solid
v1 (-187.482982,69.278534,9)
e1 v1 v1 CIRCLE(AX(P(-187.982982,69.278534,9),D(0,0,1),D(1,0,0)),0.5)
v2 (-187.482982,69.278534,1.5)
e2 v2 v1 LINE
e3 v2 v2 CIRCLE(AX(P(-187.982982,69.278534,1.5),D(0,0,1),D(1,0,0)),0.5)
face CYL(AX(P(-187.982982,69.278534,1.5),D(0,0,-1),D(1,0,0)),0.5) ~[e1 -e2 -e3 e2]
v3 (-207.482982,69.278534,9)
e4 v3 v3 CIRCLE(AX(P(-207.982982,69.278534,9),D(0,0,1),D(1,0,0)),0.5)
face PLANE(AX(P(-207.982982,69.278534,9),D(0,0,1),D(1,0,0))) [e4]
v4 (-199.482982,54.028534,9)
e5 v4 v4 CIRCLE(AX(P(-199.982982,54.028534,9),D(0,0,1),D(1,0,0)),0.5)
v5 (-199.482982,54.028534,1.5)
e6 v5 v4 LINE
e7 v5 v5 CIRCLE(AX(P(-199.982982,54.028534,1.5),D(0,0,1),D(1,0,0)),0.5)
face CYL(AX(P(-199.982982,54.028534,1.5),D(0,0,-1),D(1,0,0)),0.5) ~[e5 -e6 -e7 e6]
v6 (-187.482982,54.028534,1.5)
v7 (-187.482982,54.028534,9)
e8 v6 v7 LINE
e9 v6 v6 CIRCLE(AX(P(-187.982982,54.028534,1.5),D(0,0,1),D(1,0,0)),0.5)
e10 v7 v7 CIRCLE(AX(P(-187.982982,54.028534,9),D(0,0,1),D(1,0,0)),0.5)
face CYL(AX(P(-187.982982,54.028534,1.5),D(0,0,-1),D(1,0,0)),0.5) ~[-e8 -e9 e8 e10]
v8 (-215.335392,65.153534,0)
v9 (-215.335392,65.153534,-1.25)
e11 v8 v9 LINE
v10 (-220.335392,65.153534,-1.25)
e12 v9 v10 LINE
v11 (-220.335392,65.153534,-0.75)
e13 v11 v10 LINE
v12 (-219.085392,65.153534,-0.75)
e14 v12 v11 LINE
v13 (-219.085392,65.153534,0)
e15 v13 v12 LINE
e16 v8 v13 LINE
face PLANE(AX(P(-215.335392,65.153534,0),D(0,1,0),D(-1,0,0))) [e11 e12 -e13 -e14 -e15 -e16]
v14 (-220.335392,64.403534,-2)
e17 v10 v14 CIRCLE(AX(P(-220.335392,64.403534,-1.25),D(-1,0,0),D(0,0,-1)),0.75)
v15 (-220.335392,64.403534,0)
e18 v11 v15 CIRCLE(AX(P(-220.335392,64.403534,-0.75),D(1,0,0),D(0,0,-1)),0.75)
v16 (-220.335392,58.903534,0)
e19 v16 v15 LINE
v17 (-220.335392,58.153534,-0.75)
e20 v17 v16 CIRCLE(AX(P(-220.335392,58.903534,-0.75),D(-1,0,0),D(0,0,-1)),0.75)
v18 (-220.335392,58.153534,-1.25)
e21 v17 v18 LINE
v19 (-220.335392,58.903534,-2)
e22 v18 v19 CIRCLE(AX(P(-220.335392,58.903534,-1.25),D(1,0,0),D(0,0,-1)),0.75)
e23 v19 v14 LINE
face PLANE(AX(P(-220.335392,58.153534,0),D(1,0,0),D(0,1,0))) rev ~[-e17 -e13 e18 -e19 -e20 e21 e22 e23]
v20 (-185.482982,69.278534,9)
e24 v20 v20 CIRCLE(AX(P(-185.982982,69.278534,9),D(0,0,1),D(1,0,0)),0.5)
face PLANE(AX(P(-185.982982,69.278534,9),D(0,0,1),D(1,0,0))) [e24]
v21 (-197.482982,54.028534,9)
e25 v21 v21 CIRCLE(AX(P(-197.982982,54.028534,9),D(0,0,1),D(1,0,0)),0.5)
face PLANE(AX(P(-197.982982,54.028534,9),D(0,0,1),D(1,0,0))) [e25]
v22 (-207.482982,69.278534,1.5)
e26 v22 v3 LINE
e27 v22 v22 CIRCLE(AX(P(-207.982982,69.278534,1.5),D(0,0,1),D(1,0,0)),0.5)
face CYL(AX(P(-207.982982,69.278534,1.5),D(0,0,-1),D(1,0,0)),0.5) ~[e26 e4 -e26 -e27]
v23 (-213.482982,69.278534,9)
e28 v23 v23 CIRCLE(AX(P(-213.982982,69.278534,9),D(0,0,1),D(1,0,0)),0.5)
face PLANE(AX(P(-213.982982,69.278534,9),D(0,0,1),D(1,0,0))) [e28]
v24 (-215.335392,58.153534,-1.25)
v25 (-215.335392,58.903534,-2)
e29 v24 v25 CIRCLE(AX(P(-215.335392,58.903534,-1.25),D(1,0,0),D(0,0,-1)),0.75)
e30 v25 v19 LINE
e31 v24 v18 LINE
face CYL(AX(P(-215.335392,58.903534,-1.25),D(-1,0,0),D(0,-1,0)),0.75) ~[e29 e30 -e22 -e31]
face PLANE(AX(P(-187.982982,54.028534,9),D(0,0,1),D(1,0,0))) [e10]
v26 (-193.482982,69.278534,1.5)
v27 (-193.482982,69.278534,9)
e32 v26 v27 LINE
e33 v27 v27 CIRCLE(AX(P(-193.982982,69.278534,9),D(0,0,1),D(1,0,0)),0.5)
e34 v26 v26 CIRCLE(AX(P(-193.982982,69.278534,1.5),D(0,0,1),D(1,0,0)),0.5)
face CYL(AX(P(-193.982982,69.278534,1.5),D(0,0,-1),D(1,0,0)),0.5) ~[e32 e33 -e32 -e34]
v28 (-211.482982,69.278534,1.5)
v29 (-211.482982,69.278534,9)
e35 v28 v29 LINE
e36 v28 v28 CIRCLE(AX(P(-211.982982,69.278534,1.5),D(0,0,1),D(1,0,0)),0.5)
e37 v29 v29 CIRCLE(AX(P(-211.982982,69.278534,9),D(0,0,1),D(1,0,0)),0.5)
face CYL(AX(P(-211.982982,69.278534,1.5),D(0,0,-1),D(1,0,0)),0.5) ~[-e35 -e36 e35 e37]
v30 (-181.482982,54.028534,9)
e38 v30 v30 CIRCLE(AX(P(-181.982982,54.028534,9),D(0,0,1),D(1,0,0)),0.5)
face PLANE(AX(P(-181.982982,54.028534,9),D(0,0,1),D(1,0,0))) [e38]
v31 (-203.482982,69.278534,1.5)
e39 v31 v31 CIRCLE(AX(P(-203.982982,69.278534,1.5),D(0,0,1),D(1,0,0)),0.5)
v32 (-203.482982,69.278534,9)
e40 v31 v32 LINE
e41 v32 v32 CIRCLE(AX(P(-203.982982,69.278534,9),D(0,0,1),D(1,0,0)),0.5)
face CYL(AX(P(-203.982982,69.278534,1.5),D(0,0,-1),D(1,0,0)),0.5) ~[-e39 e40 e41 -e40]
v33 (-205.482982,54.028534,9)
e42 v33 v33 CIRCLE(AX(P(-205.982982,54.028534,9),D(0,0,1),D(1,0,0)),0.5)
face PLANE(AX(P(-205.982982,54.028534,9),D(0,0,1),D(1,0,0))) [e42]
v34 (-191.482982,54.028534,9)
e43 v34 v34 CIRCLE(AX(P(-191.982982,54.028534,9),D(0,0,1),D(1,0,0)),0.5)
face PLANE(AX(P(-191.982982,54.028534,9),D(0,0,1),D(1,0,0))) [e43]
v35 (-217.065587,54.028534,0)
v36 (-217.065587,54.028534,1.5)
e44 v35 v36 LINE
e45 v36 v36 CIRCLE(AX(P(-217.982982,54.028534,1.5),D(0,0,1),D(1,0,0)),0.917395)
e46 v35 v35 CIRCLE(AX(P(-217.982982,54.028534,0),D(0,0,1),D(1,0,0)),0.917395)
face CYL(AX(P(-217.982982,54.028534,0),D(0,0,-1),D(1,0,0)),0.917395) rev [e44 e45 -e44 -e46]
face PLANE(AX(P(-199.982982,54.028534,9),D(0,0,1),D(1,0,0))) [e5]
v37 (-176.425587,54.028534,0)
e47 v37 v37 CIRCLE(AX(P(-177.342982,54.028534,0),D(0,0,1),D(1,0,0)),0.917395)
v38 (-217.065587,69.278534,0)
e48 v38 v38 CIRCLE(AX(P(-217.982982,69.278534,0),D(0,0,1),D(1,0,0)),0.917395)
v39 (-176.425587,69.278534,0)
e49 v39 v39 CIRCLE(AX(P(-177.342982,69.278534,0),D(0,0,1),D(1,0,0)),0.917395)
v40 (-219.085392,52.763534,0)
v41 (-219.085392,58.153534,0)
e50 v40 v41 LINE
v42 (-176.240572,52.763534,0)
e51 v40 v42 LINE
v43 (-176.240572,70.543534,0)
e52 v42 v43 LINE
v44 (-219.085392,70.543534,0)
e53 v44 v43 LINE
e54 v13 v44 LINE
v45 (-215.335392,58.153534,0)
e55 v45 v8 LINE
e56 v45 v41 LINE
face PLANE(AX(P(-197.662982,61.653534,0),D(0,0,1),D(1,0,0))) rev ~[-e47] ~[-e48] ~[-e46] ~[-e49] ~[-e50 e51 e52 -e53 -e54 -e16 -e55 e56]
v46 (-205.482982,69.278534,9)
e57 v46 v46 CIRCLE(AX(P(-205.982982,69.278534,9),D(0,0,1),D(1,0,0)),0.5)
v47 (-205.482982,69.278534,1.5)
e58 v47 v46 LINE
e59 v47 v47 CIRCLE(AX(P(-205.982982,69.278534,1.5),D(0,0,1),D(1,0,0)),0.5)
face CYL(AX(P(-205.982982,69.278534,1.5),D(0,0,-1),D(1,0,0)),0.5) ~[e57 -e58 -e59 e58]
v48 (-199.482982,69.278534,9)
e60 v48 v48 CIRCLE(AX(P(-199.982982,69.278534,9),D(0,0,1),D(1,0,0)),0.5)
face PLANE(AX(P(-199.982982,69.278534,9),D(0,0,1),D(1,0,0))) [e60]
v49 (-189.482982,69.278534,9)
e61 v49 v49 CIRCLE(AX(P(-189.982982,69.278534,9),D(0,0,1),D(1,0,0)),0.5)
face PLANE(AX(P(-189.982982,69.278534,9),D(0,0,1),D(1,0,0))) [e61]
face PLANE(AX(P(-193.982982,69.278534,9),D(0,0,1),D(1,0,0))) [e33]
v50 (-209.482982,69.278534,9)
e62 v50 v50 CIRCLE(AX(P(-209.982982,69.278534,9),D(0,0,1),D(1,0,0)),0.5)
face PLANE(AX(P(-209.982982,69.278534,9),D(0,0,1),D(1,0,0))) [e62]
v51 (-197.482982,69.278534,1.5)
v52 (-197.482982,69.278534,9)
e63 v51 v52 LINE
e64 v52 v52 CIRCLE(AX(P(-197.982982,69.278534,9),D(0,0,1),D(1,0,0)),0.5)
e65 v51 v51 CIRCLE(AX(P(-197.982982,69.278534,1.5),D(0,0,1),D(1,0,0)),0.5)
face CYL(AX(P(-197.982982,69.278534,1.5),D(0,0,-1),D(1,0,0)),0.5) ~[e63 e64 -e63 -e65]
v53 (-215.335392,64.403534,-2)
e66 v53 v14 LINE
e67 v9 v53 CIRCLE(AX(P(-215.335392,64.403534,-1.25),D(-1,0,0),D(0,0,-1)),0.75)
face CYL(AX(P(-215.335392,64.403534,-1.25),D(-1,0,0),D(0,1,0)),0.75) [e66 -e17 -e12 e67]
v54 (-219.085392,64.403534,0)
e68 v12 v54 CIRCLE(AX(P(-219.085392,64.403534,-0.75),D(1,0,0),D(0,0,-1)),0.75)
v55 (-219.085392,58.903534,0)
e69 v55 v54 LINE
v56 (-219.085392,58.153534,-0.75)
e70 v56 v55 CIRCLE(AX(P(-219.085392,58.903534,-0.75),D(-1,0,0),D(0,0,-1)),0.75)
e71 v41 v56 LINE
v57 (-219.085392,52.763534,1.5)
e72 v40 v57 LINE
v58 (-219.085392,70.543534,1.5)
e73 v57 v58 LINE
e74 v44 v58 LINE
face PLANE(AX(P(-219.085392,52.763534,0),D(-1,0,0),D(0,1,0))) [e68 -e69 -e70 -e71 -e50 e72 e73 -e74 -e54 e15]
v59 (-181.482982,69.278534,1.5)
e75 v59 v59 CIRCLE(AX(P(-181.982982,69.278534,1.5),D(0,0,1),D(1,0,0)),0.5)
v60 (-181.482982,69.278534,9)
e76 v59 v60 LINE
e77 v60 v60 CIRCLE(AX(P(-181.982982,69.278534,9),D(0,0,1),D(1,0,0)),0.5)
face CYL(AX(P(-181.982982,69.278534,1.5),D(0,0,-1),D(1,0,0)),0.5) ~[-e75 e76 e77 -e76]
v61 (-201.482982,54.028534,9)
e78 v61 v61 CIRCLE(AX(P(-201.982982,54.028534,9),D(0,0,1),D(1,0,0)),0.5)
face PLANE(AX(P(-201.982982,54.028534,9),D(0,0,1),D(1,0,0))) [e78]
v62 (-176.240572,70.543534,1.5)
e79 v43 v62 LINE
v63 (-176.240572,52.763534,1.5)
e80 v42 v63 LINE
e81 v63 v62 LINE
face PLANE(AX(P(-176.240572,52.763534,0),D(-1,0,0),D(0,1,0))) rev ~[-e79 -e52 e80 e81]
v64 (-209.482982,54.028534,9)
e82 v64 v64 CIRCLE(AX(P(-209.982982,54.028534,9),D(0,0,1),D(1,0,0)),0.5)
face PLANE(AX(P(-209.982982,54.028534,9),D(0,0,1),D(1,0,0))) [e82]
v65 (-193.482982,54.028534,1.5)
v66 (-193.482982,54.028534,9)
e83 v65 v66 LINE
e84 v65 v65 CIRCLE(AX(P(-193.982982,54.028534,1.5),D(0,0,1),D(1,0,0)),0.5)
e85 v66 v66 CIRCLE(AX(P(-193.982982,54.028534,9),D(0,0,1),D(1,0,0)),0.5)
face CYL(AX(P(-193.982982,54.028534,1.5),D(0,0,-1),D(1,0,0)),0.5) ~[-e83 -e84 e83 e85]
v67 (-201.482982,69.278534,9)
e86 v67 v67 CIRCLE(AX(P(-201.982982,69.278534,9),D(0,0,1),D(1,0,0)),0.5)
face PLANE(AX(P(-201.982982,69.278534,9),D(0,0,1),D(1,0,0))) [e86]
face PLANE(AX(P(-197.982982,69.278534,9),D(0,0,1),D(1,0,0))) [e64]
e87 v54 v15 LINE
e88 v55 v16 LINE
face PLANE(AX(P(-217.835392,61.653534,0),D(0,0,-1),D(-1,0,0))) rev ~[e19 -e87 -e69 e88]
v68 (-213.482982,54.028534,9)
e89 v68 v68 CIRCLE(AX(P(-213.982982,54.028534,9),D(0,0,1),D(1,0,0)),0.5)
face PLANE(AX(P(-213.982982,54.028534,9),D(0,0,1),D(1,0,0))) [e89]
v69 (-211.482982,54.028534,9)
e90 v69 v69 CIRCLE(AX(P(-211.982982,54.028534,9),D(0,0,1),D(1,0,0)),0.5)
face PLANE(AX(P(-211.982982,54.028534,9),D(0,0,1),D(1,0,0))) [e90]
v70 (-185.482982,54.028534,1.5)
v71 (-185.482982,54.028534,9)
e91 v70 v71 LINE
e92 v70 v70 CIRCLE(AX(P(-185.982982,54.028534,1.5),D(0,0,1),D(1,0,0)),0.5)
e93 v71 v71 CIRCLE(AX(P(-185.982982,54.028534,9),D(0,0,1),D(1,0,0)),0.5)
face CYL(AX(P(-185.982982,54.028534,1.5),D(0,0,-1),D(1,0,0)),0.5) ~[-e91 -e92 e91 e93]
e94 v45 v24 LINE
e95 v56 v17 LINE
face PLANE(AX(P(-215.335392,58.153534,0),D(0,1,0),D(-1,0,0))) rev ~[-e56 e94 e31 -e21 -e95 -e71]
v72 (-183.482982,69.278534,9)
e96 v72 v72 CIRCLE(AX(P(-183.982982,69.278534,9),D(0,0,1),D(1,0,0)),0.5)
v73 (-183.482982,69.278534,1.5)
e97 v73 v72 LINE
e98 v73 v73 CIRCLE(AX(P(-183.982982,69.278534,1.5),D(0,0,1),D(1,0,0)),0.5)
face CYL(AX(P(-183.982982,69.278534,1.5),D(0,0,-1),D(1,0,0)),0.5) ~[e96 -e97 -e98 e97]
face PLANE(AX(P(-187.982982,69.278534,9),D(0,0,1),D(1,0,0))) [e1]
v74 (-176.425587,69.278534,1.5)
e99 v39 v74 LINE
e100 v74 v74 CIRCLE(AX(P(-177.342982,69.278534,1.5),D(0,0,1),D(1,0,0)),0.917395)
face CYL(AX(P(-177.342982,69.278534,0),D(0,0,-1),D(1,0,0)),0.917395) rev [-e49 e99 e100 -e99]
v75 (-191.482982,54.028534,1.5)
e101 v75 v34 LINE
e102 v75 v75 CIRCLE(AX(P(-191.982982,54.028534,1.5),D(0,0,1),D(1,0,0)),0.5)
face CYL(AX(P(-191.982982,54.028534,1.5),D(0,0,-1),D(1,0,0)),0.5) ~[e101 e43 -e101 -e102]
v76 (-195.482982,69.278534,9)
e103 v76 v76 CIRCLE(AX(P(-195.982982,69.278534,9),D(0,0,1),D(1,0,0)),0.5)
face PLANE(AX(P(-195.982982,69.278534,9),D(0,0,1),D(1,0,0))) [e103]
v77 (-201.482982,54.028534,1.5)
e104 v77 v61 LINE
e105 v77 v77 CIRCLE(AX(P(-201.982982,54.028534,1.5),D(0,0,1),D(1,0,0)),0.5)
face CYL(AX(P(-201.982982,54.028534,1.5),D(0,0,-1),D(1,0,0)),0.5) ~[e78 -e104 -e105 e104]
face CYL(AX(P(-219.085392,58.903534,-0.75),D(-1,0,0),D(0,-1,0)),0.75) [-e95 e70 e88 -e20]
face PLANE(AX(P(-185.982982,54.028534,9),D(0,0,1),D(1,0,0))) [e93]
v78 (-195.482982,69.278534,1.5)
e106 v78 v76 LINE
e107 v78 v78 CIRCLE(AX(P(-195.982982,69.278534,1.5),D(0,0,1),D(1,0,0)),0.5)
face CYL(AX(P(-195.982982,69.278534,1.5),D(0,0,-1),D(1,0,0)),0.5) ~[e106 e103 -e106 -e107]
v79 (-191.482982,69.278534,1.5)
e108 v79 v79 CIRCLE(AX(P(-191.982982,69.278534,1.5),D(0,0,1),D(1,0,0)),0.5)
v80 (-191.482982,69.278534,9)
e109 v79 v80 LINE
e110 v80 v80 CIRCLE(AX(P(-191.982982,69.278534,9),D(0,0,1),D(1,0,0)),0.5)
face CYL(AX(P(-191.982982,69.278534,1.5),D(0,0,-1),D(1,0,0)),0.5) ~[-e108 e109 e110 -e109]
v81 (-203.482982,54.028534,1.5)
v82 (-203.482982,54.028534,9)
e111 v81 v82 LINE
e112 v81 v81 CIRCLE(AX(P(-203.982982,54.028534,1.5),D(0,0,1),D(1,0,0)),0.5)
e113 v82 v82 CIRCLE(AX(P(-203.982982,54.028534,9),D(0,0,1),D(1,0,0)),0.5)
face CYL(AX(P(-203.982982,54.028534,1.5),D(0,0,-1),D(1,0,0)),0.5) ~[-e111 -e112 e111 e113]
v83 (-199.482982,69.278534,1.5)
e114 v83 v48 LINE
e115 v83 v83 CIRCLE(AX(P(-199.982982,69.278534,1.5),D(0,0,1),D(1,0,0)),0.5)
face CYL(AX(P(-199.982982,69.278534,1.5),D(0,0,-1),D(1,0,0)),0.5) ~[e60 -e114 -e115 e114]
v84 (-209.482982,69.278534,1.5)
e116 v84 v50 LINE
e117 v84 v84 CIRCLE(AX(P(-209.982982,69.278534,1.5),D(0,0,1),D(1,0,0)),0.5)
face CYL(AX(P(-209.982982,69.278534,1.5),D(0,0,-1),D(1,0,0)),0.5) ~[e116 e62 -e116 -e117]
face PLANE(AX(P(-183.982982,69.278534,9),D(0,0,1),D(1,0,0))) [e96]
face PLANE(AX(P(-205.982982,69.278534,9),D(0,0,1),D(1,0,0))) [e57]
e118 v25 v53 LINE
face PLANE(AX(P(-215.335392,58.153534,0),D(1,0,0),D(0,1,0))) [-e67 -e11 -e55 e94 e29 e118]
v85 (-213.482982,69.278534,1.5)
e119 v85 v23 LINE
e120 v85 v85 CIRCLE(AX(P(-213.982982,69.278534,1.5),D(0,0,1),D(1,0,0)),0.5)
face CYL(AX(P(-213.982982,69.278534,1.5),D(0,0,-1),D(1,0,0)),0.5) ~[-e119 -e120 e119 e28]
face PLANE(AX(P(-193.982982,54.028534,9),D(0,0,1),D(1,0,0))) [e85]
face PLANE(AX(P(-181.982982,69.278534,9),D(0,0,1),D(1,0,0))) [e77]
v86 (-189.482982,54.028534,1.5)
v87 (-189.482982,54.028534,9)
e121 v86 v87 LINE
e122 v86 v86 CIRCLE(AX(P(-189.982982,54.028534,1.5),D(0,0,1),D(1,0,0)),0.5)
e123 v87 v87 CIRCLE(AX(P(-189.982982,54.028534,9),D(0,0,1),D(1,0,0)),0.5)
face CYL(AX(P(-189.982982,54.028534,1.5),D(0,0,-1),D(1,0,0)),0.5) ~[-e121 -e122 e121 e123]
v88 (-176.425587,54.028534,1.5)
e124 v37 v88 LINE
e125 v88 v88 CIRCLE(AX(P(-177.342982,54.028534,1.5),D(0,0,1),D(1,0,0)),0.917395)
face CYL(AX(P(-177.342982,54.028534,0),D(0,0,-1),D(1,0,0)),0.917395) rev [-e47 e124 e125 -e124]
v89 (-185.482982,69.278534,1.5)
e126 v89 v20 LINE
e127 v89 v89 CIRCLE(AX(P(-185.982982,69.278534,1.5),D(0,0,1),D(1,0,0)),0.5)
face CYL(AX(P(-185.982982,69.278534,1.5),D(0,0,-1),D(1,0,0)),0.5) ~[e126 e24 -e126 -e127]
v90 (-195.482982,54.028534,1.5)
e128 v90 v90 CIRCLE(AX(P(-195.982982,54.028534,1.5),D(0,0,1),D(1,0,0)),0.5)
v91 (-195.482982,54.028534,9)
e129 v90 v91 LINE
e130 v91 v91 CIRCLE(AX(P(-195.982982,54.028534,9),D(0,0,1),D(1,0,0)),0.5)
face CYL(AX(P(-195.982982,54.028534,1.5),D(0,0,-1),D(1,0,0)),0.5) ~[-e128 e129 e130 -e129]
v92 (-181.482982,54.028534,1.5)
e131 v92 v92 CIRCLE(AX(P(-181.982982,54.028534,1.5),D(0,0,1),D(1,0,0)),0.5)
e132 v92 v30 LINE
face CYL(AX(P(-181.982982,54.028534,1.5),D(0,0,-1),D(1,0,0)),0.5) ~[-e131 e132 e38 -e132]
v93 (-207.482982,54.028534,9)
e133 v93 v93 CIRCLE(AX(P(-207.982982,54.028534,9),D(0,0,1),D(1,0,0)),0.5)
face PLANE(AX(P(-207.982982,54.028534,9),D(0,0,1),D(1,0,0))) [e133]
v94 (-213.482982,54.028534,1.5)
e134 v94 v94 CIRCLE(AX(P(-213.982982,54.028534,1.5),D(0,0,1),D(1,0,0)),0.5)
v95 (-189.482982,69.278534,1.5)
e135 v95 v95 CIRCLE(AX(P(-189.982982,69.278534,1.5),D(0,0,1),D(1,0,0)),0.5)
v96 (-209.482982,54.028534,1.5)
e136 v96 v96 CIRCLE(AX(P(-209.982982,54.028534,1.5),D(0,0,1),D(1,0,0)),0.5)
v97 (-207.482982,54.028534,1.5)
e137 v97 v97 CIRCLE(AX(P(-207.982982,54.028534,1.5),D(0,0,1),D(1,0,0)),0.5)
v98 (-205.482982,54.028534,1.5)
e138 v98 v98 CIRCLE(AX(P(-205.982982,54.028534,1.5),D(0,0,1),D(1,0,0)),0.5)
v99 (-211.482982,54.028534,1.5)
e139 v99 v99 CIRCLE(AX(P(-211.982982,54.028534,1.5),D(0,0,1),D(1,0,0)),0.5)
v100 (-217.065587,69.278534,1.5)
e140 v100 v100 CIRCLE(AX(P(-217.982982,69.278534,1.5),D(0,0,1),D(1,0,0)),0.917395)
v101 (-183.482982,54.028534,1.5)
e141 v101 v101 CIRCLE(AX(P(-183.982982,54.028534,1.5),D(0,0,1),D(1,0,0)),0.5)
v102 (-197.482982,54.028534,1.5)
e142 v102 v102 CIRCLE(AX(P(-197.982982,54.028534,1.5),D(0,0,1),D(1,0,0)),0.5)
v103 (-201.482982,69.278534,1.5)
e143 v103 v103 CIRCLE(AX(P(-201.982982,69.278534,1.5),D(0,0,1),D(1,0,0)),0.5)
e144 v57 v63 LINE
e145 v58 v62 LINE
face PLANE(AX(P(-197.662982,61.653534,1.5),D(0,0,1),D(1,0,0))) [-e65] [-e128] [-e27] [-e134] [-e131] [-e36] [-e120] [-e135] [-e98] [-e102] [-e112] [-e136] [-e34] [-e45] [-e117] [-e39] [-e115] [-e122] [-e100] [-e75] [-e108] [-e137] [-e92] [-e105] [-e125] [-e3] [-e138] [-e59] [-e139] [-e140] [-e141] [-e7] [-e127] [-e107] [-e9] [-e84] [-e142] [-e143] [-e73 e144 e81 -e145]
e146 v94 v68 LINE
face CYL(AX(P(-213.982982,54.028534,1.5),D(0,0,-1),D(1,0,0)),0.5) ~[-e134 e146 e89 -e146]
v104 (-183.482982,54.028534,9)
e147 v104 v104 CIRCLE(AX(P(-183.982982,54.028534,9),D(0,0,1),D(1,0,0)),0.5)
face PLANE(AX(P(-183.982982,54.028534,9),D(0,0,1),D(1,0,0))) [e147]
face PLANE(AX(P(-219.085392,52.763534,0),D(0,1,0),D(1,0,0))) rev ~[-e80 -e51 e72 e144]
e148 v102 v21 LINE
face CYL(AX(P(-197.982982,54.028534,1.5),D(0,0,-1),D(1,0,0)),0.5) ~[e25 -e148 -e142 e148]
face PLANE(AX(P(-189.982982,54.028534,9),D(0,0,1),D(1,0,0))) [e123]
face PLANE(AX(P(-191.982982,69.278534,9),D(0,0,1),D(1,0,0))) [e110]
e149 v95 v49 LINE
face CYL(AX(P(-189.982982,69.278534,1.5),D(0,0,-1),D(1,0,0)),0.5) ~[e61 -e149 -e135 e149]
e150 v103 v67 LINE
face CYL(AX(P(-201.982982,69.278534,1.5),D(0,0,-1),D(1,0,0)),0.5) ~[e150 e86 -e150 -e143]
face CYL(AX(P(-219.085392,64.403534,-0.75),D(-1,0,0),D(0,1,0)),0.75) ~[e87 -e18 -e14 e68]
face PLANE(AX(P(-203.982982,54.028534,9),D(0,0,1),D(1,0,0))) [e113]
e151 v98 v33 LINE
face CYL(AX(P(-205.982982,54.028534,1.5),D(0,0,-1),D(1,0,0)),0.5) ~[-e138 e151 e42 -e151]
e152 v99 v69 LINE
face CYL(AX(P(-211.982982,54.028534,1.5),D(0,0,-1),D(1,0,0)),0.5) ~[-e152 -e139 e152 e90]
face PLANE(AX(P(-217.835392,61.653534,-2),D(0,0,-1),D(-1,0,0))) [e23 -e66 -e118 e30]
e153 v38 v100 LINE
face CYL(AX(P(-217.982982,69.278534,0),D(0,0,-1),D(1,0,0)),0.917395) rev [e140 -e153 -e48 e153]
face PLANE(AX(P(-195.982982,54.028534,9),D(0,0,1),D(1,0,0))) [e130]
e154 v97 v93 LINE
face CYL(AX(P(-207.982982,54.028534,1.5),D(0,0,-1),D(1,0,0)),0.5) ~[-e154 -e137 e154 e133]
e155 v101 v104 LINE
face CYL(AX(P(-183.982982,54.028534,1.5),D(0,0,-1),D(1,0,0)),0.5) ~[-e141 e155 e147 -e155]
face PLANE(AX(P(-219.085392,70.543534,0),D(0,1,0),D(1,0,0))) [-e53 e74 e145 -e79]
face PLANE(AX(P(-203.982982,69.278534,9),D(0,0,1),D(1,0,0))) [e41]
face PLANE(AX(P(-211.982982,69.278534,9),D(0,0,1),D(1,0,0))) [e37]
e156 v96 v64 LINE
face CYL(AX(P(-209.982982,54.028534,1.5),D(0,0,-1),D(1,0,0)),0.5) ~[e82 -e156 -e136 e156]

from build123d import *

# Parameters (mm, degrees)
SKETCH1_W           = 42.844819815
SKETCH1_H           = 17.78
SKETCH1_R           = 0.917394869
BOSS_EXTRUDE1_DEPTH = 1.5
SKETCH2_R           = 0.5
BOSS_EXTRUDE2_DEPTH = 7.5
SKETCH3_W           = 5
SKETCH3_H           = 7
BOSS_EXTRUDE3_DEPTH = 2
FILLET1_R           = 0.75


with BuildPart() as part:
    # Sketch1 → Boss-Extrude1 (new body)
    with BuildSketch(Plane.XY):
        with Locations((-197.662982249, 61.653534283)):
            Rectangle(SKETCH1_W, SKETCH1_H)
        with Locations((-217.982982248, 69.278534283)):
            Circle(SKETCH1_R, mode=Mode.SUBTRACT)
        with Locations((-217.982982248, 54.028534283)):
            Circle(SKETCH1_R, mode=Mode.SUBTRACT)
        with Locations((-177.342982248, 54.028534283)):
            Circle(SKETCH1_R, mode=Mode.SUBTRACT)
        with Locations((-177.342982248, 69.278534283)):
            Circle(SKETCH1_R, mode=Mode.SUBTRACT)
    extrude(amount=BOSS_EXTRUDE1_DEPTH)

    # Sketch2 → Boss-Extrude2 (add)
    with BuildSketch(Plane.XY.offset(1.5)):
        with Locations((-213.982982248, 69.278534283)):
            Circle(SKETCH2_R)
        with Locations((-213.982982248, 54.028534283)):
            Circle(SKETCH2_R)
        with Locations((-211.982982248, 69.278534283)):
            Circle(SKETCH2_R)
        with Locations((-211.982982248, 54.028534283)):
            Circle(SKETCH2_R)
        with Locations((-209.982982248, 69.278534283)):
            Circle(SKETCH2_R)
        with Locations((-209.982982248, 54.028534283)):
            Circle(SKETCH2_R)
        with Locations((-207.982982248, 69.278534283)):
            Circle(SKETCH2_R)
        with Locations((-207.982982248, 54.028534283)):
            Circle(SKETCH2_R)
        with Locations((-205.982982248, 69.278534283)):
            Circle(SKETCH2_R)
        with Locations((-205.982982248, 54.028534283)):
            Circle(SKETCH2_R)
        with Locations((-203.982982248, 69.278534283)):
            Circle(SKETCH2_R)
        with Locations((-203.982982248, 54.028534283)):
            Circle(SKETCH2_R)
        with Locations((-201.982982248, 69.278534283)):
            Circle(SKETCH2_R)
        with Locations((-201.982982248, 54.028534283)):
            Circle(SKETCH2_R)
        with Locations((-199.982982248, 69.278534283)):
            Circle(SKETCH2_R)
        with Locations((-199.982982248, 54.028534283)):
            Circle(SKETCH2_R)
        with Locations((-197.982982248, 69.278534283)):
            Circle(SKETCH2_R)
        with Locations((-197.982982248, 54.028534283)):
            Circle(SKETCH2_R)
        with Locations((-195.982982248, 69.278534283)):
            Circle(SKETCH2_R)
        with Locations((-195.982982248, 54.028534283)):
            Circle(SKETCH2_R)
        with Locations((-193.982982248, 69.278534283)):
            Circle(SKETCH2_R)
        with Locations((-193.982982248, 54.028534283)):
            Circle(SKETCH2_R)
        with Locations((-191.982982248, 69.278534283)):
            Circle(SKETCH2_R)
        with Locations((-191.982982248, 54.028534283)):
            Circle(SKETCH2_R)
        with Locations((-189.982982248, 69.278534283)):
            Circle(SKETCH2_R)
        with Locations((-189.982982248, 54.028534283)):
            Circle(SKETCH2_R)
        with Locations((-187.982982248, 69.278534283)):
            Circle(SKETCH2_R)
        with Locations((-187.982982248, 54.028534283)):
            Circle(SKETCH2_R)
        with Locations((-185.982982248, 69.278534283)):
            Circle(SKETCH2_R)
        with Locations((-185.982982248, 54.028534283)):
            Circle(SKETCH2_R)
        with Locations((-183.982982248, 69.278534283)):
            Circle(SKETCH2_R)
        with Locations((-183.982982248, 54.028534283)):
            Circle(SKETCH2_R)
        with Locations((-181.982982248, 69.278534283)):
            Circle(SKETCH2_R)
        with Locations((-181.982982248, 54.028534283)):
            Circle(SKETCH2_R)
    extrude(amount=BOSS_EXTRUDE2_DEPTH)

    # Sketch3 → Boss-Extrude3 (add)
    with BuildSketch(Plane(origin=(0, 0, 0), x_dir=(-1, 0, 0), z_dir=(0, 0, -1))):
        with Locations((217.835392156, 61.653534283)):
            Rectangle(SKETCH3_W, SKETCH3_H)
    extrude(amount=BOSS_EXTRUDE3_DEPTH)

    # Fillet1
    fillet1_edges = [part.edges().sort_by_distance(p)[0] for p in [
        (-219.710392156, 58.153534283, 0),
        (-219.710392156, 65.153534283, 0),
        (-217.835392156, 58.153534283, -2),
        (-217.835392156, 65.153534283, -2),
    ]]
    fillet(fillet1_edges, radius=FILLET1_R)


solid = part.part
